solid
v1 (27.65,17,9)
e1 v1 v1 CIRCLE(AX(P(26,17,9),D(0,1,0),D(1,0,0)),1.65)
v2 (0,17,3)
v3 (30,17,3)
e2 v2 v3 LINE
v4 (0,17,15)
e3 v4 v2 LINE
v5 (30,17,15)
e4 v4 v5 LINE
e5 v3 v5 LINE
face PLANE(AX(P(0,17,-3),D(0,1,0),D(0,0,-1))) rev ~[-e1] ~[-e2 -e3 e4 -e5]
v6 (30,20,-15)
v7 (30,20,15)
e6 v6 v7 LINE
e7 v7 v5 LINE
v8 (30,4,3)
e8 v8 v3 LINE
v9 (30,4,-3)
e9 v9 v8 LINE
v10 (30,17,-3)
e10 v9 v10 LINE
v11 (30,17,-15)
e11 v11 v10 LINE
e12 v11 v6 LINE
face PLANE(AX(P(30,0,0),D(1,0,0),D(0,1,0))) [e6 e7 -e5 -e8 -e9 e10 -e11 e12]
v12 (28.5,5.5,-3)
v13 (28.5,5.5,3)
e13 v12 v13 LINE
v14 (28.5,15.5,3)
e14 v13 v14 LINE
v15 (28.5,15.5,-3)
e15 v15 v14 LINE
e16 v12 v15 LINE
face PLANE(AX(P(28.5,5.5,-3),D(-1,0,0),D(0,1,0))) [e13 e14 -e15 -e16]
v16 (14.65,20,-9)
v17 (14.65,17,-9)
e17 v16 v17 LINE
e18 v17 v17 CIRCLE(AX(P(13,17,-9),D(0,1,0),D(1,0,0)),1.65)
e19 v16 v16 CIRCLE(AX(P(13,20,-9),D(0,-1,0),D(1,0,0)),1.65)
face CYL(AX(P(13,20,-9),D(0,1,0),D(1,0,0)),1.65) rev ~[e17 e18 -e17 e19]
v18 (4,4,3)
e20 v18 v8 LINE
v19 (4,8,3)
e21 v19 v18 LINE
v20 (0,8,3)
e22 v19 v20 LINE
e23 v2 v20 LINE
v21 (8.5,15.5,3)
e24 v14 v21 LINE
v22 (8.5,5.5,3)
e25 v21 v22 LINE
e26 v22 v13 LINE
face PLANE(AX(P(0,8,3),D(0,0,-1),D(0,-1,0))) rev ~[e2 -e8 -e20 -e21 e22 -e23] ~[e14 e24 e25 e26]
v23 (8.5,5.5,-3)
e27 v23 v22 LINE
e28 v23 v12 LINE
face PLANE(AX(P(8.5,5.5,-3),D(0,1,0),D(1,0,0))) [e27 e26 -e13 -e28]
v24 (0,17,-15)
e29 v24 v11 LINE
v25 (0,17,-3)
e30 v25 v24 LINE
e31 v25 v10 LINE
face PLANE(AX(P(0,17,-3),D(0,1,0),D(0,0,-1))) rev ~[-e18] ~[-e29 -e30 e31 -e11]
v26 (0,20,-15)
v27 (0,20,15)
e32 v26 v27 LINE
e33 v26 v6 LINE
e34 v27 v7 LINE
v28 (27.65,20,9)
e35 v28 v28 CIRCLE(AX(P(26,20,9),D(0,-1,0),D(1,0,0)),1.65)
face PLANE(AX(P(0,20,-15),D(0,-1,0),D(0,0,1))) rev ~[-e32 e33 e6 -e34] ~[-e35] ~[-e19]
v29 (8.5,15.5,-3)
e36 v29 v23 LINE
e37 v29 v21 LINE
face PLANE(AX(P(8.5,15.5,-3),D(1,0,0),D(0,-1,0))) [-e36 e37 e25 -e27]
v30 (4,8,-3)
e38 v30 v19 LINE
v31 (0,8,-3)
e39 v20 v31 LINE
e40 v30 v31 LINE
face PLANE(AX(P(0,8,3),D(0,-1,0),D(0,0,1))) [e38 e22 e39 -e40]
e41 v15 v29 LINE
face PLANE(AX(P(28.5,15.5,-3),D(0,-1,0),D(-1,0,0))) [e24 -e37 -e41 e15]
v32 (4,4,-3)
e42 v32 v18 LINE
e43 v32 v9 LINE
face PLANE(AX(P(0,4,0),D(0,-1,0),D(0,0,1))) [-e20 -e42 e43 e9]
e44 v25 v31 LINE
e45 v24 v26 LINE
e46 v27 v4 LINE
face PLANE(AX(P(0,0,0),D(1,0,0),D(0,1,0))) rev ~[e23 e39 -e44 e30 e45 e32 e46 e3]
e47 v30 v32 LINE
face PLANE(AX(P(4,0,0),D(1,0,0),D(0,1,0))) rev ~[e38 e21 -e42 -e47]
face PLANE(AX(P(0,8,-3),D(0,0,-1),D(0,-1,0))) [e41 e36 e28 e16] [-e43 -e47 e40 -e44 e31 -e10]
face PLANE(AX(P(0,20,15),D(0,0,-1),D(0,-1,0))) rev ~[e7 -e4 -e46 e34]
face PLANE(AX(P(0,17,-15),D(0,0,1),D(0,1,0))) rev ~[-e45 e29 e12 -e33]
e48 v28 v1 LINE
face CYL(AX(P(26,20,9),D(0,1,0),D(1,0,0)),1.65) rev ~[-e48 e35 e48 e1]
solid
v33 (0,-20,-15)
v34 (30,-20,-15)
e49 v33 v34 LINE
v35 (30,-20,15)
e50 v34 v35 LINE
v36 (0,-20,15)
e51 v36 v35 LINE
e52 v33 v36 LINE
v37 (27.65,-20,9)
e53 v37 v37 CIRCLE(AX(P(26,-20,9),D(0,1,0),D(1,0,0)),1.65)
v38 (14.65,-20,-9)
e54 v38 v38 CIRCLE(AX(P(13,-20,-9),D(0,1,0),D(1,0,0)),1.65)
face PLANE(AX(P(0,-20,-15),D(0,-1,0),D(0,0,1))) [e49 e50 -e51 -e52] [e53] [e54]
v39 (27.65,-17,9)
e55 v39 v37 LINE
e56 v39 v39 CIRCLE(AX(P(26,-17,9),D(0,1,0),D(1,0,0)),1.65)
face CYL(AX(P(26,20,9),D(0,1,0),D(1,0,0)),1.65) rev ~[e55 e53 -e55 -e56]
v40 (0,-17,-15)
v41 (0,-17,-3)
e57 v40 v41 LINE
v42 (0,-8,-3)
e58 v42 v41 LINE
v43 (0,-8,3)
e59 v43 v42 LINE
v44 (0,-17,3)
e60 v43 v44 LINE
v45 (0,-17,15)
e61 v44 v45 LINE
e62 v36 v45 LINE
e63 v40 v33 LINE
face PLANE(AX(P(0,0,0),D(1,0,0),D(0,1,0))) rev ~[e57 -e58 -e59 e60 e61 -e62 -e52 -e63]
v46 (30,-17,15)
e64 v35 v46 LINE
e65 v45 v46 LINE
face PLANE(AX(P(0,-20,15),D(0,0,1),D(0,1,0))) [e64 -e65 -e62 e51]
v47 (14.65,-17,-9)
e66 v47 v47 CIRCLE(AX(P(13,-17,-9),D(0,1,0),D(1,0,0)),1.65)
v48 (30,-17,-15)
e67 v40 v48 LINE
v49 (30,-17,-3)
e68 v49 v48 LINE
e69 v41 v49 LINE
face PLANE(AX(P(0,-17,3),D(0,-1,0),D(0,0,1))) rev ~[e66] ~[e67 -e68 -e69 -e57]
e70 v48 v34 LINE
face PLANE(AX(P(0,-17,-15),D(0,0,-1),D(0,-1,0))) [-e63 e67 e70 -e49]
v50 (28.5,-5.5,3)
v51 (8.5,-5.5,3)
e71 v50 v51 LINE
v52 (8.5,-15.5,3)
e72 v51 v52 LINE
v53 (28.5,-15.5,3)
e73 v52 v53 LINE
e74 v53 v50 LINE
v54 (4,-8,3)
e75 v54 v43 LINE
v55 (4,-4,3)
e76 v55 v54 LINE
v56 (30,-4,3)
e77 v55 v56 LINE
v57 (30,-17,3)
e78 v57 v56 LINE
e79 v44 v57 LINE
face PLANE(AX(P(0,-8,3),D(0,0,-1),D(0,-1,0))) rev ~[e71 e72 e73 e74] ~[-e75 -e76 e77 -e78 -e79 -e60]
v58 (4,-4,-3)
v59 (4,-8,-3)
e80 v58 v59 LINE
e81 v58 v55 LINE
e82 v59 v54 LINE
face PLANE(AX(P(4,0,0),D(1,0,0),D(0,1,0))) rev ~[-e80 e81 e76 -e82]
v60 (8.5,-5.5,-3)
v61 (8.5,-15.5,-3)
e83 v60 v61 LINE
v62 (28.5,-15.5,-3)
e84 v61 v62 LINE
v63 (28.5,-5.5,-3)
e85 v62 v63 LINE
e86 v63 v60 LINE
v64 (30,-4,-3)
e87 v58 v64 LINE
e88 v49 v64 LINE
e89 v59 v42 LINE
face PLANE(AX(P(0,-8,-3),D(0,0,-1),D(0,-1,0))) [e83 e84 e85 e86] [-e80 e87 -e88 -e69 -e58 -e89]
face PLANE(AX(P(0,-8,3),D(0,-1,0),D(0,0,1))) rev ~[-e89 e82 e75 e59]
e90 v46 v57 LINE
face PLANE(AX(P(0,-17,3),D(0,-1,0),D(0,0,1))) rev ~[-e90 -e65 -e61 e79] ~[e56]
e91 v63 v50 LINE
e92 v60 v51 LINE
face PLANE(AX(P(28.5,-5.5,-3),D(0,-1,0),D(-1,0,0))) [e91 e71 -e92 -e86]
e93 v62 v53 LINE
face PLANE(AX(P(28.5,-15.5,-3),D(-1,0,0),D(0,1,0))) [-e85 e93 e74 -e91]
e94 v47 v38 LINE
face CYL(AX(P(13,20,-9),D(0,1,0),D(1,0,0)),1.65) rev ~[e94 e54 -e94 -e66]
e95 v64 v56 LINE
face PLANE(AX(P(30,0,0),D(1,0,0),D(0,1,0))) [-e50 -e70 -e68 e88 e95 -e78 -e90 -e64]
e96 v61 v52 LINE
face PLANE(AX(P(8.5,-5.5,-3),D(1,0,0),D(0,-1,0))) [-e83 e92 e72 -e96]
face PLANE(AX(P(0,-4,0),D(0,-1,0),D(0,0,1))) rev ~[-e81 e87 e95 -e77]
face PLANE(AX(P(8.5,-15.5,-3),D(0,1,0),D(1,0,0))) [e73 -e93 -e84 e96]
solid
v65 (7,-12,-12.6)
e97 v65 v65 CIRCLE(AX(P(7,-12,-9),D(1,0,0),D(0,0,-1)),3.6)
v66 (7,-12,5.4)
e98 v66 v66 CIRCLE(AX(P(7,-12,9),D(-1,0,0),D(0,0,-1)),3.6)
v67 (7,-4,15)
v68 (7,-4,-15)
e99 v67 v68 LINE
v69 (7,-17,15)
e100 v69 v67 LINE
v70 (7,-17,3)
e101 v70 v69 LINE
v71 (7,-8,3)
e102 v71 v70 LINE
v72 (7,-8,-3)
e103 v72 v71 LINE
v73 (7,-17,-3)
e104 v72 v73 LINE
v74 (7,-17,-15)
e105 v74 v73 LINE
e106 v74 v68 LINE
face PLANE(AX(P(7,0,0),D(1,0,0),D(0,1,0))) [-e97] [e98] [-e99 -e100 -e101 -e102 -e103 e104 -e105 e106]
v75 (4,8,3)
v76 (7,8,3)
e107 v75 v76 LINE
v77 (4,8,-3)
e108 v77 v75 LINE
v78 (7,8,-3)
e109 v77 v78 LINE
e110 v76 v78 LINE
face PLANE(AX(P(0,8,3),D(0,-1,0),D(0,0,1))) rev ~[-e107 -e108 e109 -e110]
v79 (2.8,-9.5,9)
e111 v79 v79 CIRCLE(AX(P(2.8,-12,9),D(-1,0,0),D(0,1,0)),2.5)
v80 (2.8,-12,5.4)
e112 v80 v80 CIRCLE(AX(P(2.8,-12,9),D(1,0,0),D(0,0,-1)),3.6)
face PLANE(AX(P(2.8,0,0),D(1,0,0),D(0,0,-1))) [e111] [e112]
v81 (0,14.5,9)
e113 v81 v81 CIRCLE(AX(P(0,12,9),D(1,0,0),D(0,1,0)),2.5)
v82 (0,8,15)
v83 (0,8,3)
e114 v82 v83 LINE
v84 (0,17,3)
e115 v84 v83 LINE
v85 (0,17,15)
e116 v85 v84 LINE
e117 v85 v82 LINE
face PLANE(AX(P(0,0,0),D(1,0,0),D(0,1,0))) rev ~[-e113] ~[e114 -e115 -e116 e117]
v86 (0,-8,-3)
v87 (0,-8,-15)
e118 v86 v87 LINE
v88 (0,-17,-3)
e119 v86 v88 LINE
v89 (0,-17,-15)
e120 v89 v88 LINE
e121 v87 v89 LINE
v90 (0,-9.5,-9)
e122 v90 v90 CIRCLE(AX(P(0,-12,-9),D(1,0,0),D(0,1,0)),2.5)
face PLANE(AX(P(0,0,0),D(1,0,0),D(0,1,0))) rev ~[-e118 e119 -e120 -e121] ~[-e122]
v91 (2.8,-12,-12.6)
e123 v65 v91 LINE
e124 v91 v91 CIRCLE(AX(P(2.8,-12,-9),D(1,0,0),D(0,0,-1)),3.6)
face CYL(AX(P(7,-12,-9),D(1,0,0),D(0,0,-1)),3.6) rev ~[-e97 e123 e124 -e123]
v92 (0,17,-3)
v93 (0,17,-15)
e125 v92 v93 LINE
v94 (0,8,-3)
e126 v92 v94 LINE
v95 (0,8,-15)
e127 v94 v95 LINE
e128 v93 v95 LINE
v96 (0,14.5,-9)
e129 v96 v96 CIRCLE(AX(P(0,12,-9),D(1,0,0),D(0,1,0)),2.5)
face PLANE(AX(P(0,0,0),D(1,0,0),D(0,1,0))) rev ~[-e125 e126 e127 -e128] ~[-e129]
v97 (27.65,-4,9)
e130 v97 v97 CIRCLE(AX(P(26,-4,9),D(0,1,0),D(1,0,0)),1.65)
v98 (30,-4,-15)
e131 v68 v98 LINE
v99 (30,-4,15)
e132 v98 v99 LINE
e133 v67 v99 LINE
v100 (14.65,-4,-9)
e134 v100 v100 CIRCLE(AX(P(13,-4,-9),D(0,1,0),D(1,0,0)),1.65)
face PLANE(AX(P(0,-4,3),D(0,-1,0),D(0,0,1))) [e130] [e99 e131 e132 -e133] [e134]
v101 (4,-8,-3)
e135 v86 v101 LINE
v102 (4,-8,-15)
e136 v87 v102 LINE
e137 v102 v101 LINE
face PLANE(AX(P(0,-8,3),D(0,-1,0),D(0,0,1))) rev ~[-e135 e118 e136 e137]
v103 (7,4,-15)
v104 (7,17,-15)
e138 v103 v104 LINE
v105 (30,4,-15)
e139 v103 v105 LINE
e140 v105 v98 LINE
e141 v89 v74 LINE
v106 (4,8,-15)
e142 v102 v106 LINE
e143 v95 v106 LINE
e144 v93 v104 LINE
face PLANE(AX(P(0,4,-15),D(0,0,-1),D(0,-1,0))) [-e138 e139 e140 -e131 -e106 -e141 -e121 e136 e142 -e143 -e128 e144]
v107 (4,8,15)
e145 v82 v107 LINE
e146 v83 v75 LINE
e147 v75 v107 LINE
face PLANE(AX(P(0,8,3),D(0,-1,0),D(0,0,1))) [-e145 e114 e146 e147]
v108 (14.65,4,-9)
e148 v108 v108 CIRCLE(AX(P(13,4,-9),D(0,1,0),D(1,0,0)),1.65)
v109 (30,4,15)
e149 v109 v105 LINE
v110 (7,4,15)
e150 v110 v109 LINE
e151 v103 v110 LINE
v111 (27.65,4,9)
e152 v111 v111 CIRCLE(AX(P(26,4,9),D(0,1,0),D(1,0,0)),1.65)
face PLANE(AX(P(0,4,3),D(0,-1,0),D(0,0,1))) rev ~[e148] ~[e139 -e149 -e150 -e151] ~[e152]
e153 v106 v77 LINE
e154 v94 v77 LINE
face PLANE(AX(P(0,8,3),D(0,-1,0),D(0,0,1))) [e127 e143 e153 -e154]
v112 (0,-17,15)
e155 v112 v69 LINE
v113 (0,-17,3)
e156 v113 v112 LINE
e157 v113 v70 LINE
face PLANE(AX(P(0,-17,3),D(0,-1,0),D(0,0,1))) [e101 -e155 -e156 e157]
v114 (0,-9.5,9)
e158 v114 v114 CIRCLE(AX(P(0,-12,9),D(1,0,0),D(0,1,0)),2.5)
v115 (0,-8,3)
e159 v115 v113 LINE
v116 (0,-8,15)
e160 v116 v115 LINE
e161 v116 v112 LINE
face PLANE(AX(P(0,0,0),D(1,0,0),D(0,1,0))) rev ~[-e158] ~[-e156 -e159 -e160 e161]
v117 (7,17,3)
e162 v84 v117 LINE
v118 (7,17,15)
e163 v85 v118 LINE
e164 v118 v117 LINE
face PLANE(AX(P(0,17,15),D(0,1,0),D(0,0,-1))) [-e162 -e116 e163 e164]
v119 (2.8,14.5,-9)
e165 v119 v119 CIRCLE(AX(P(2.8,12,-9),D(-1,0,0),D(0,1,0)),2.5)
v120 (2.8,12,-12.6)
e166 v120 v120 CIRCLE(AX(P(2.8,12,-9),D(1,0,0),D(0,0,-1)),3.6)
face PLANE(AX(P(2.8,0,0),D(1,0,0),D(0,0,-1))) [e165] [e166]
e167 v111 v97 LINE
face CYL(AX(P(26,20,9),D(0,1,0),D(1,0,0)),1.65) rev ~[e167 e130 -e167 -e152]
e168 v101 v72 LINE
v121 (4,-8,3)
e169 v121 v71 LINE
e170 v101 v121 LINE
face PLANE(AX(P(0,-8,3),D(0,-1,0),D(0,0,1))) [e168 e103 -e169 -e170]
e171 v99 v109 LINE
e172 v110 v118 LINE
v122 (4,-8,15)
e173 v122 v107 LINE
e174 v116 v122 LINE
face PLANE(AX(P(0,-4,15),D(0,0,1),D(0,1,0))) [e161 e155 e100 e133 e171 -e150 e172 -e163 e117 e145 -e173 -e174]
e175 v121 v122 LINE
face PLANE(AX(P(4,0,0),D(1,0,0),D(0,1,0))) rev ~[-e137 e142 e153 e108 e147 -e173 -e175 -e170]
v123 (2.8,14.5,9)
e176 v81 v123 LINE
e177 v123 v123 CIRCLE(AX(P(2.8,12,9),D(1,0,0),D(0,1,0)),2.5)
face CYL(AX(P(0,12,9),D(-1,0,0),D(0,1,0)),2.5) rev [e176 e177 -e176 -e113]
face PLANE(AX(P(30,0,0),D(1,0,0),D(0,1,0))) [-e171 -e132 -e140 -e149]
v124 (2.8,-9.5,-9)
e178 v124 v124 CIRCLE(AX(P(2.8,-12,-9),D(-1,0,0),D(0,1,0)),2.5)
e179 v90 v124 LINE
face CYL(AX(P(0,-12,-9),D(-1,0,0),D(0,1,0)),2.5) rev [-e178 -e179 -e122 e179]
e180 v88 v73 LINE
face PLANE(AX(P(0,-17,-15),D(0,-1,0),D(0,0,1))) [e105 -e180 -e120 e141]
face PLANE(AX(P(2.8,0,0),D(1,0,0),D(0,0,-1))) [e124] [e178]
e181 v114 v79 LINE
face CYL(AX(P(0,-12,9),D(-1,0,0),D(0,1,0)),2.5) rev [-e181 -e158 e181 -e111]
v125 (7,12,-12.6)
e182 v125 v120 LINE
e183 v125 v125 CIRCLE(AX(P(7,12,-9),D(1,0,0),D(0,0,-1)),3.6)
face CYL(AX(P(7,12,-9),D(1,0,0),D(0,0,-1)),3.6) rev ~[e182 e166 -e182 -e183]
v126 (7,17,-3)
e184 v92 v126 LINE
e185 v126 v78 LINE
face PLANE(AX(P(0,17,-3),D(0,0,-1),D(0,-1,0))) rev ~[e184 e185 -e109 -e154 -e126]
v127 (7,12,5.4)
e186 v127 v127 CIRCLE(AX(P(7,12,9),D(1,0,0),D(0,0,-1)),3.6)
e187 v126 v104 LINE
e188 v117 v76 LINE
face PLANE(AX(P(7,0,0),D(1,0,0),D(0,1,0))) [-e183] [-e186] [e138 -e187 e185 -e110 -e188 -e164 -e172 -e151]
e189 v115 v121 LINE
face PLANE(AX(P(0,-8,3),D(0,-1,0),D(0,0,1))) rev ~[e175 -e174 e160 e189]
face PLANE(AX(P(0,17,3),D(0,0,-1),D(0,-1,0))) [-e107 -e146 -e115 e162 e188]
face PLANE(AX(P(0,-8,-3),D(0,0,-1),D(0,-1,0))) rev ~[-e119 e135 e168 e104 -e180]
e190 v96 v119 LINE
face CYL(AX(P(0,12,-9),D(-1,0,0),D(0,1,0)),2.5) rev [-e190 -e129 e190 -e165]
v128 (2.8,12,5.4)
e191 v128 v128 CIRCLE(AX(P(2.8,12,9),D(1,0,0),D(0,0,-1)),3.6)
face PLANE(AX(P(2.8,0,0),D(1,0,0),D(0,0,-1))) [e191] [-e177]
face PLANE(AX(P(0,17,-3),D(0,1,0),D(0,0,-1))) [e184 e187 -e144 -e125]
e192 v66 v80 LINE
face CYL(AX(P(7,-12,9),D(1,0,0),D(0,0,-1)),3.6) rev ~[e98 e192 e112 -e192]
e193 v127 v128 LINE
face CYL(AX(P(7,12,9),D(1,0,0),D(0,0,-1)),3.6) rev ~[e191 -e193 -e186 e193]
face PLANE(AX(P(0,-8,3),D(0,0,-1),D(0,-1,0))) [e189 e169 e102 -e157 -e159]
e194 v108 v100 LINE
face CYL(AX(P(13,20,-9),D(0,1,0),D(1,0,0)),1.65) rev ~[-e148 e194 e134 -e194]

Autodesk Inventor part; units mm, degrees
ref_plane "YZ Plane" through (0, 0, 0) normal (1, 0, 0) x (0, 1, 0)
ref_plane "XZ Plane" through (0, 0, 0) normal (0, 1, 0) x (-1, 0, 0)
ref_plane "XY Plane" through (0, 0, 0) normal (0, 0, 1) x (1, 0, 0)
sketch "스케치1" plane through (0, 0, 0) normal (1, 0, 0) x (0, 1, 0)
  line L0 (-17, 15) -> (17, 15)
  line L1 (17, 15) -> (17, -15)
  line L2 (17, -15) -> (-17, -15)
  line L3 (-17, -15) -> (-17, 15)
  circle A0 centre (12, 9) radius 2.5
  circle A1 centre (12, -9) radius 2.5
  circle A2 centre (-12, 9) radius 2.5
  circle A3 centre (-12, -9) radius 2.5
  line L4 (4, 0) -> (4, -15)
  line L5 (4, 0) -> (4, 15)
  line L6 (-4, 0) -> (-4, -15)
  line L7 (-4, 0) -> (-4, 15)
  line L8 (17, -3) -> (8, -3)
  line L9 (17, 3) -> (8, 3)
  line L10 (-8, 3) -> (-17, 3)
  line L11 (-8, -3) -> (-17, -3)
  line L12 (8, -15) -> (8, 15)
  line L13 (-8, -15) -> (-8, 15)
  line L14 (8, -3) -> (4, -3)
  line L15 (8, 3) -> (4, 3)
  line L16 (-4, -3) -> (-8, -3)
  line L17 (-4, 3) -> (-8, 3)
  line L18 (-17, -15) -> (-20, -15)
  line L19 (-20, -15) -> (-20, 15)
  line L20 (-20, 15) -> (-17, 15)
  line L21 (17, -15) -> (20, -15)
  line L22 (20, -15) -> (20, 15)
  line L23 (20, 15) -> (17, 15)
  dimension "d9" = 5
  dimension "d10" = 5
  dimension "d11" = 5
  dimension "d12" = 5
  dimension "d76" = 3
  dimension "d77" = 3
extrude "돌출3" add sketch "스케치1" along normal blind 7 contours L0 L13 L10 L3 | L11 L13 L2 L3 | L0 L1 L9 L12 | L8 L1 L2 L12
extrude "돌출4" add sketch "스케치1" along normal blind 30 separate body contours L10 L13 L11 L3 | L17 L7 L6 L16 L13 | L15 L12 L14 L4 L5 | L9 L1 L8 L12
sketch "스케치5" plane through (7, 0, 0) normal (1, 0, 0) x (0, 0, -1)
  circle A0 centre (-9, 12) radius 2.5 projected
  circle A1 centre (-9, 12) radius 3.6
  line L0 (-15, -17) -> (-3, -17) projected
  line L1 (-9, -17) -> (-9, -12)
  circle A2 centre (-9, -12) radius 3.6
  circle A3 centre (9, -12) radius 3.6
  circle A4 centre (9, 12) radius 3.6
  point P0 (0, 0)
  dimension "d63" = 7.2
  dimension "d64" = 5
  dimension "d65" = 7.2
  dimension "d66" = 7.2
  dimension "d67" = 7.2
extrude "돌출12" cut sketch "스케치5" against normal blind 4.2 bodies 1
extrude "돌출13" add sketch "스케치1" along normal blind 7 contours L0 L7 L17 L13 | L17 L7 L6 L16 L13 | L0 L12 L15 L5 | L16 L6 L2 L13 | L15 L12 L14 L4 L5 | L12 L2 L4 L14 bodies 1
extrude "돌출14" add sketch "스케치1" along normal blind 30 contours L0 L5 L4 L2 L6 L7 bodies 1
extrude "돌출15" cut sketch "스케치1" along normal blind 4 contours L0 L7 L17 L13 | L0 L5 L4 L2 L6 L7 | L17 L7 L6 L16 L13 | L0 L12 L15 L5 | L16 L6 L2 L13 | L15 L12 L14 L4 L5 | L12 L2 L4 L14 bodies 1 2
extrude "돌출16" add sketch "스케치1" along normal blind 30 contours L3 L18 L19 L20 | L23 L22 L21 L1 bodies 2
sketch "스케치6" plane through (0, 20, 15) normal (0, 1, 0) x (1, 0, 0)
  line L0 (0, 15) -> (13, 15)
  line L1 (13, 15) -> (13, 24)
  line L2 (13, 24) -> (26, 24)
  line L3 (26, 24) -> (26, 6)
  circle A0 centre (13, 24) radius 1.65
  circle A1 centre (26, 6) radius 1.65
  dimension "d80" = 13
  dimension "d81" = 9
  dimension "d83" = 13
  dimension "d84" = 18
  dimension "d85" = 3.3
  dimension "d86" = 3.3
extrude "돌출17" cut sketch "스케치6" against normal blind 40 bodies 2 1
sketch "스케치7" plane through (30, 4, -3) normal (0, 0, -1) x (-1, 0, 0)
  line L0 (0, 16) -> (0, 13) projected
  line L1 (23, 0) -> (23, 13) projected
  line L2 (23, 4) -> (23, 13) projected
  line L3 (23, 0) -> (0, 0) projected
  line L4 (30, 13) -> (0, 13) projected
  line L5 (0, 13) -> (1.5, 13)
  line L6 (1.5, 13) -> (1.5, 11.5)
  line L7 (23, 0) -> (21.5, 0)
  line L8 (26, 0) -> (0, 0) projected
  line L9 (21.5, 0) -> (21.5, 1.5)
  line L10 (1.5, 11.5) -> (21.5, 11.5)
  line L11 (21.5, 11.5) -> (21.5, 1.5)
  line L12 (21.5, 1.5) -> (1.5, 1.5)
  line L13 (1.5, 1.5) -> (1.5, 11.5)
  line L14 (23, -8) -> (0, -8) projected
  line L15 (0, -8) -> (1.5, -8)
  line L16 (1.5, -8) -> (1.5, -9.5)
  line L17 (30, -21) -> (0, -21) projected
  line L18 (23, -21) -> (21.5, -21)
  line L19 (21.5, -21) -> (21.5, -19.5)
  line L20 (1.5, -9.5) -> (21.5, -9.5)
  line L21 (21.5, -9.5) -> (21.5, -19.5)
  line L22 (21.5, -19.5) -> (1.5, -19.5)
  line L23 (1.5, -19.5) -> (1.5, -9.5)
  point P0 (30, -4)
  dimension "d89" = 1.5
  dimension "d90" = 1.5
  dimension "d91" = 1.5
  dimension "d92" = 1.5
  dimension "d93" = 1.5
  dimension "d94" = 1.5
  dimension "d95" = 1.5
  dimension "d96" = 1.5
extrude "돌출18" cut sketch "스케치7" against normal blind 10 contours L12 L13 L10 L11 | L20 L21 L22 L23 bodies 2
properties part number "xy 조인트 앞면"
